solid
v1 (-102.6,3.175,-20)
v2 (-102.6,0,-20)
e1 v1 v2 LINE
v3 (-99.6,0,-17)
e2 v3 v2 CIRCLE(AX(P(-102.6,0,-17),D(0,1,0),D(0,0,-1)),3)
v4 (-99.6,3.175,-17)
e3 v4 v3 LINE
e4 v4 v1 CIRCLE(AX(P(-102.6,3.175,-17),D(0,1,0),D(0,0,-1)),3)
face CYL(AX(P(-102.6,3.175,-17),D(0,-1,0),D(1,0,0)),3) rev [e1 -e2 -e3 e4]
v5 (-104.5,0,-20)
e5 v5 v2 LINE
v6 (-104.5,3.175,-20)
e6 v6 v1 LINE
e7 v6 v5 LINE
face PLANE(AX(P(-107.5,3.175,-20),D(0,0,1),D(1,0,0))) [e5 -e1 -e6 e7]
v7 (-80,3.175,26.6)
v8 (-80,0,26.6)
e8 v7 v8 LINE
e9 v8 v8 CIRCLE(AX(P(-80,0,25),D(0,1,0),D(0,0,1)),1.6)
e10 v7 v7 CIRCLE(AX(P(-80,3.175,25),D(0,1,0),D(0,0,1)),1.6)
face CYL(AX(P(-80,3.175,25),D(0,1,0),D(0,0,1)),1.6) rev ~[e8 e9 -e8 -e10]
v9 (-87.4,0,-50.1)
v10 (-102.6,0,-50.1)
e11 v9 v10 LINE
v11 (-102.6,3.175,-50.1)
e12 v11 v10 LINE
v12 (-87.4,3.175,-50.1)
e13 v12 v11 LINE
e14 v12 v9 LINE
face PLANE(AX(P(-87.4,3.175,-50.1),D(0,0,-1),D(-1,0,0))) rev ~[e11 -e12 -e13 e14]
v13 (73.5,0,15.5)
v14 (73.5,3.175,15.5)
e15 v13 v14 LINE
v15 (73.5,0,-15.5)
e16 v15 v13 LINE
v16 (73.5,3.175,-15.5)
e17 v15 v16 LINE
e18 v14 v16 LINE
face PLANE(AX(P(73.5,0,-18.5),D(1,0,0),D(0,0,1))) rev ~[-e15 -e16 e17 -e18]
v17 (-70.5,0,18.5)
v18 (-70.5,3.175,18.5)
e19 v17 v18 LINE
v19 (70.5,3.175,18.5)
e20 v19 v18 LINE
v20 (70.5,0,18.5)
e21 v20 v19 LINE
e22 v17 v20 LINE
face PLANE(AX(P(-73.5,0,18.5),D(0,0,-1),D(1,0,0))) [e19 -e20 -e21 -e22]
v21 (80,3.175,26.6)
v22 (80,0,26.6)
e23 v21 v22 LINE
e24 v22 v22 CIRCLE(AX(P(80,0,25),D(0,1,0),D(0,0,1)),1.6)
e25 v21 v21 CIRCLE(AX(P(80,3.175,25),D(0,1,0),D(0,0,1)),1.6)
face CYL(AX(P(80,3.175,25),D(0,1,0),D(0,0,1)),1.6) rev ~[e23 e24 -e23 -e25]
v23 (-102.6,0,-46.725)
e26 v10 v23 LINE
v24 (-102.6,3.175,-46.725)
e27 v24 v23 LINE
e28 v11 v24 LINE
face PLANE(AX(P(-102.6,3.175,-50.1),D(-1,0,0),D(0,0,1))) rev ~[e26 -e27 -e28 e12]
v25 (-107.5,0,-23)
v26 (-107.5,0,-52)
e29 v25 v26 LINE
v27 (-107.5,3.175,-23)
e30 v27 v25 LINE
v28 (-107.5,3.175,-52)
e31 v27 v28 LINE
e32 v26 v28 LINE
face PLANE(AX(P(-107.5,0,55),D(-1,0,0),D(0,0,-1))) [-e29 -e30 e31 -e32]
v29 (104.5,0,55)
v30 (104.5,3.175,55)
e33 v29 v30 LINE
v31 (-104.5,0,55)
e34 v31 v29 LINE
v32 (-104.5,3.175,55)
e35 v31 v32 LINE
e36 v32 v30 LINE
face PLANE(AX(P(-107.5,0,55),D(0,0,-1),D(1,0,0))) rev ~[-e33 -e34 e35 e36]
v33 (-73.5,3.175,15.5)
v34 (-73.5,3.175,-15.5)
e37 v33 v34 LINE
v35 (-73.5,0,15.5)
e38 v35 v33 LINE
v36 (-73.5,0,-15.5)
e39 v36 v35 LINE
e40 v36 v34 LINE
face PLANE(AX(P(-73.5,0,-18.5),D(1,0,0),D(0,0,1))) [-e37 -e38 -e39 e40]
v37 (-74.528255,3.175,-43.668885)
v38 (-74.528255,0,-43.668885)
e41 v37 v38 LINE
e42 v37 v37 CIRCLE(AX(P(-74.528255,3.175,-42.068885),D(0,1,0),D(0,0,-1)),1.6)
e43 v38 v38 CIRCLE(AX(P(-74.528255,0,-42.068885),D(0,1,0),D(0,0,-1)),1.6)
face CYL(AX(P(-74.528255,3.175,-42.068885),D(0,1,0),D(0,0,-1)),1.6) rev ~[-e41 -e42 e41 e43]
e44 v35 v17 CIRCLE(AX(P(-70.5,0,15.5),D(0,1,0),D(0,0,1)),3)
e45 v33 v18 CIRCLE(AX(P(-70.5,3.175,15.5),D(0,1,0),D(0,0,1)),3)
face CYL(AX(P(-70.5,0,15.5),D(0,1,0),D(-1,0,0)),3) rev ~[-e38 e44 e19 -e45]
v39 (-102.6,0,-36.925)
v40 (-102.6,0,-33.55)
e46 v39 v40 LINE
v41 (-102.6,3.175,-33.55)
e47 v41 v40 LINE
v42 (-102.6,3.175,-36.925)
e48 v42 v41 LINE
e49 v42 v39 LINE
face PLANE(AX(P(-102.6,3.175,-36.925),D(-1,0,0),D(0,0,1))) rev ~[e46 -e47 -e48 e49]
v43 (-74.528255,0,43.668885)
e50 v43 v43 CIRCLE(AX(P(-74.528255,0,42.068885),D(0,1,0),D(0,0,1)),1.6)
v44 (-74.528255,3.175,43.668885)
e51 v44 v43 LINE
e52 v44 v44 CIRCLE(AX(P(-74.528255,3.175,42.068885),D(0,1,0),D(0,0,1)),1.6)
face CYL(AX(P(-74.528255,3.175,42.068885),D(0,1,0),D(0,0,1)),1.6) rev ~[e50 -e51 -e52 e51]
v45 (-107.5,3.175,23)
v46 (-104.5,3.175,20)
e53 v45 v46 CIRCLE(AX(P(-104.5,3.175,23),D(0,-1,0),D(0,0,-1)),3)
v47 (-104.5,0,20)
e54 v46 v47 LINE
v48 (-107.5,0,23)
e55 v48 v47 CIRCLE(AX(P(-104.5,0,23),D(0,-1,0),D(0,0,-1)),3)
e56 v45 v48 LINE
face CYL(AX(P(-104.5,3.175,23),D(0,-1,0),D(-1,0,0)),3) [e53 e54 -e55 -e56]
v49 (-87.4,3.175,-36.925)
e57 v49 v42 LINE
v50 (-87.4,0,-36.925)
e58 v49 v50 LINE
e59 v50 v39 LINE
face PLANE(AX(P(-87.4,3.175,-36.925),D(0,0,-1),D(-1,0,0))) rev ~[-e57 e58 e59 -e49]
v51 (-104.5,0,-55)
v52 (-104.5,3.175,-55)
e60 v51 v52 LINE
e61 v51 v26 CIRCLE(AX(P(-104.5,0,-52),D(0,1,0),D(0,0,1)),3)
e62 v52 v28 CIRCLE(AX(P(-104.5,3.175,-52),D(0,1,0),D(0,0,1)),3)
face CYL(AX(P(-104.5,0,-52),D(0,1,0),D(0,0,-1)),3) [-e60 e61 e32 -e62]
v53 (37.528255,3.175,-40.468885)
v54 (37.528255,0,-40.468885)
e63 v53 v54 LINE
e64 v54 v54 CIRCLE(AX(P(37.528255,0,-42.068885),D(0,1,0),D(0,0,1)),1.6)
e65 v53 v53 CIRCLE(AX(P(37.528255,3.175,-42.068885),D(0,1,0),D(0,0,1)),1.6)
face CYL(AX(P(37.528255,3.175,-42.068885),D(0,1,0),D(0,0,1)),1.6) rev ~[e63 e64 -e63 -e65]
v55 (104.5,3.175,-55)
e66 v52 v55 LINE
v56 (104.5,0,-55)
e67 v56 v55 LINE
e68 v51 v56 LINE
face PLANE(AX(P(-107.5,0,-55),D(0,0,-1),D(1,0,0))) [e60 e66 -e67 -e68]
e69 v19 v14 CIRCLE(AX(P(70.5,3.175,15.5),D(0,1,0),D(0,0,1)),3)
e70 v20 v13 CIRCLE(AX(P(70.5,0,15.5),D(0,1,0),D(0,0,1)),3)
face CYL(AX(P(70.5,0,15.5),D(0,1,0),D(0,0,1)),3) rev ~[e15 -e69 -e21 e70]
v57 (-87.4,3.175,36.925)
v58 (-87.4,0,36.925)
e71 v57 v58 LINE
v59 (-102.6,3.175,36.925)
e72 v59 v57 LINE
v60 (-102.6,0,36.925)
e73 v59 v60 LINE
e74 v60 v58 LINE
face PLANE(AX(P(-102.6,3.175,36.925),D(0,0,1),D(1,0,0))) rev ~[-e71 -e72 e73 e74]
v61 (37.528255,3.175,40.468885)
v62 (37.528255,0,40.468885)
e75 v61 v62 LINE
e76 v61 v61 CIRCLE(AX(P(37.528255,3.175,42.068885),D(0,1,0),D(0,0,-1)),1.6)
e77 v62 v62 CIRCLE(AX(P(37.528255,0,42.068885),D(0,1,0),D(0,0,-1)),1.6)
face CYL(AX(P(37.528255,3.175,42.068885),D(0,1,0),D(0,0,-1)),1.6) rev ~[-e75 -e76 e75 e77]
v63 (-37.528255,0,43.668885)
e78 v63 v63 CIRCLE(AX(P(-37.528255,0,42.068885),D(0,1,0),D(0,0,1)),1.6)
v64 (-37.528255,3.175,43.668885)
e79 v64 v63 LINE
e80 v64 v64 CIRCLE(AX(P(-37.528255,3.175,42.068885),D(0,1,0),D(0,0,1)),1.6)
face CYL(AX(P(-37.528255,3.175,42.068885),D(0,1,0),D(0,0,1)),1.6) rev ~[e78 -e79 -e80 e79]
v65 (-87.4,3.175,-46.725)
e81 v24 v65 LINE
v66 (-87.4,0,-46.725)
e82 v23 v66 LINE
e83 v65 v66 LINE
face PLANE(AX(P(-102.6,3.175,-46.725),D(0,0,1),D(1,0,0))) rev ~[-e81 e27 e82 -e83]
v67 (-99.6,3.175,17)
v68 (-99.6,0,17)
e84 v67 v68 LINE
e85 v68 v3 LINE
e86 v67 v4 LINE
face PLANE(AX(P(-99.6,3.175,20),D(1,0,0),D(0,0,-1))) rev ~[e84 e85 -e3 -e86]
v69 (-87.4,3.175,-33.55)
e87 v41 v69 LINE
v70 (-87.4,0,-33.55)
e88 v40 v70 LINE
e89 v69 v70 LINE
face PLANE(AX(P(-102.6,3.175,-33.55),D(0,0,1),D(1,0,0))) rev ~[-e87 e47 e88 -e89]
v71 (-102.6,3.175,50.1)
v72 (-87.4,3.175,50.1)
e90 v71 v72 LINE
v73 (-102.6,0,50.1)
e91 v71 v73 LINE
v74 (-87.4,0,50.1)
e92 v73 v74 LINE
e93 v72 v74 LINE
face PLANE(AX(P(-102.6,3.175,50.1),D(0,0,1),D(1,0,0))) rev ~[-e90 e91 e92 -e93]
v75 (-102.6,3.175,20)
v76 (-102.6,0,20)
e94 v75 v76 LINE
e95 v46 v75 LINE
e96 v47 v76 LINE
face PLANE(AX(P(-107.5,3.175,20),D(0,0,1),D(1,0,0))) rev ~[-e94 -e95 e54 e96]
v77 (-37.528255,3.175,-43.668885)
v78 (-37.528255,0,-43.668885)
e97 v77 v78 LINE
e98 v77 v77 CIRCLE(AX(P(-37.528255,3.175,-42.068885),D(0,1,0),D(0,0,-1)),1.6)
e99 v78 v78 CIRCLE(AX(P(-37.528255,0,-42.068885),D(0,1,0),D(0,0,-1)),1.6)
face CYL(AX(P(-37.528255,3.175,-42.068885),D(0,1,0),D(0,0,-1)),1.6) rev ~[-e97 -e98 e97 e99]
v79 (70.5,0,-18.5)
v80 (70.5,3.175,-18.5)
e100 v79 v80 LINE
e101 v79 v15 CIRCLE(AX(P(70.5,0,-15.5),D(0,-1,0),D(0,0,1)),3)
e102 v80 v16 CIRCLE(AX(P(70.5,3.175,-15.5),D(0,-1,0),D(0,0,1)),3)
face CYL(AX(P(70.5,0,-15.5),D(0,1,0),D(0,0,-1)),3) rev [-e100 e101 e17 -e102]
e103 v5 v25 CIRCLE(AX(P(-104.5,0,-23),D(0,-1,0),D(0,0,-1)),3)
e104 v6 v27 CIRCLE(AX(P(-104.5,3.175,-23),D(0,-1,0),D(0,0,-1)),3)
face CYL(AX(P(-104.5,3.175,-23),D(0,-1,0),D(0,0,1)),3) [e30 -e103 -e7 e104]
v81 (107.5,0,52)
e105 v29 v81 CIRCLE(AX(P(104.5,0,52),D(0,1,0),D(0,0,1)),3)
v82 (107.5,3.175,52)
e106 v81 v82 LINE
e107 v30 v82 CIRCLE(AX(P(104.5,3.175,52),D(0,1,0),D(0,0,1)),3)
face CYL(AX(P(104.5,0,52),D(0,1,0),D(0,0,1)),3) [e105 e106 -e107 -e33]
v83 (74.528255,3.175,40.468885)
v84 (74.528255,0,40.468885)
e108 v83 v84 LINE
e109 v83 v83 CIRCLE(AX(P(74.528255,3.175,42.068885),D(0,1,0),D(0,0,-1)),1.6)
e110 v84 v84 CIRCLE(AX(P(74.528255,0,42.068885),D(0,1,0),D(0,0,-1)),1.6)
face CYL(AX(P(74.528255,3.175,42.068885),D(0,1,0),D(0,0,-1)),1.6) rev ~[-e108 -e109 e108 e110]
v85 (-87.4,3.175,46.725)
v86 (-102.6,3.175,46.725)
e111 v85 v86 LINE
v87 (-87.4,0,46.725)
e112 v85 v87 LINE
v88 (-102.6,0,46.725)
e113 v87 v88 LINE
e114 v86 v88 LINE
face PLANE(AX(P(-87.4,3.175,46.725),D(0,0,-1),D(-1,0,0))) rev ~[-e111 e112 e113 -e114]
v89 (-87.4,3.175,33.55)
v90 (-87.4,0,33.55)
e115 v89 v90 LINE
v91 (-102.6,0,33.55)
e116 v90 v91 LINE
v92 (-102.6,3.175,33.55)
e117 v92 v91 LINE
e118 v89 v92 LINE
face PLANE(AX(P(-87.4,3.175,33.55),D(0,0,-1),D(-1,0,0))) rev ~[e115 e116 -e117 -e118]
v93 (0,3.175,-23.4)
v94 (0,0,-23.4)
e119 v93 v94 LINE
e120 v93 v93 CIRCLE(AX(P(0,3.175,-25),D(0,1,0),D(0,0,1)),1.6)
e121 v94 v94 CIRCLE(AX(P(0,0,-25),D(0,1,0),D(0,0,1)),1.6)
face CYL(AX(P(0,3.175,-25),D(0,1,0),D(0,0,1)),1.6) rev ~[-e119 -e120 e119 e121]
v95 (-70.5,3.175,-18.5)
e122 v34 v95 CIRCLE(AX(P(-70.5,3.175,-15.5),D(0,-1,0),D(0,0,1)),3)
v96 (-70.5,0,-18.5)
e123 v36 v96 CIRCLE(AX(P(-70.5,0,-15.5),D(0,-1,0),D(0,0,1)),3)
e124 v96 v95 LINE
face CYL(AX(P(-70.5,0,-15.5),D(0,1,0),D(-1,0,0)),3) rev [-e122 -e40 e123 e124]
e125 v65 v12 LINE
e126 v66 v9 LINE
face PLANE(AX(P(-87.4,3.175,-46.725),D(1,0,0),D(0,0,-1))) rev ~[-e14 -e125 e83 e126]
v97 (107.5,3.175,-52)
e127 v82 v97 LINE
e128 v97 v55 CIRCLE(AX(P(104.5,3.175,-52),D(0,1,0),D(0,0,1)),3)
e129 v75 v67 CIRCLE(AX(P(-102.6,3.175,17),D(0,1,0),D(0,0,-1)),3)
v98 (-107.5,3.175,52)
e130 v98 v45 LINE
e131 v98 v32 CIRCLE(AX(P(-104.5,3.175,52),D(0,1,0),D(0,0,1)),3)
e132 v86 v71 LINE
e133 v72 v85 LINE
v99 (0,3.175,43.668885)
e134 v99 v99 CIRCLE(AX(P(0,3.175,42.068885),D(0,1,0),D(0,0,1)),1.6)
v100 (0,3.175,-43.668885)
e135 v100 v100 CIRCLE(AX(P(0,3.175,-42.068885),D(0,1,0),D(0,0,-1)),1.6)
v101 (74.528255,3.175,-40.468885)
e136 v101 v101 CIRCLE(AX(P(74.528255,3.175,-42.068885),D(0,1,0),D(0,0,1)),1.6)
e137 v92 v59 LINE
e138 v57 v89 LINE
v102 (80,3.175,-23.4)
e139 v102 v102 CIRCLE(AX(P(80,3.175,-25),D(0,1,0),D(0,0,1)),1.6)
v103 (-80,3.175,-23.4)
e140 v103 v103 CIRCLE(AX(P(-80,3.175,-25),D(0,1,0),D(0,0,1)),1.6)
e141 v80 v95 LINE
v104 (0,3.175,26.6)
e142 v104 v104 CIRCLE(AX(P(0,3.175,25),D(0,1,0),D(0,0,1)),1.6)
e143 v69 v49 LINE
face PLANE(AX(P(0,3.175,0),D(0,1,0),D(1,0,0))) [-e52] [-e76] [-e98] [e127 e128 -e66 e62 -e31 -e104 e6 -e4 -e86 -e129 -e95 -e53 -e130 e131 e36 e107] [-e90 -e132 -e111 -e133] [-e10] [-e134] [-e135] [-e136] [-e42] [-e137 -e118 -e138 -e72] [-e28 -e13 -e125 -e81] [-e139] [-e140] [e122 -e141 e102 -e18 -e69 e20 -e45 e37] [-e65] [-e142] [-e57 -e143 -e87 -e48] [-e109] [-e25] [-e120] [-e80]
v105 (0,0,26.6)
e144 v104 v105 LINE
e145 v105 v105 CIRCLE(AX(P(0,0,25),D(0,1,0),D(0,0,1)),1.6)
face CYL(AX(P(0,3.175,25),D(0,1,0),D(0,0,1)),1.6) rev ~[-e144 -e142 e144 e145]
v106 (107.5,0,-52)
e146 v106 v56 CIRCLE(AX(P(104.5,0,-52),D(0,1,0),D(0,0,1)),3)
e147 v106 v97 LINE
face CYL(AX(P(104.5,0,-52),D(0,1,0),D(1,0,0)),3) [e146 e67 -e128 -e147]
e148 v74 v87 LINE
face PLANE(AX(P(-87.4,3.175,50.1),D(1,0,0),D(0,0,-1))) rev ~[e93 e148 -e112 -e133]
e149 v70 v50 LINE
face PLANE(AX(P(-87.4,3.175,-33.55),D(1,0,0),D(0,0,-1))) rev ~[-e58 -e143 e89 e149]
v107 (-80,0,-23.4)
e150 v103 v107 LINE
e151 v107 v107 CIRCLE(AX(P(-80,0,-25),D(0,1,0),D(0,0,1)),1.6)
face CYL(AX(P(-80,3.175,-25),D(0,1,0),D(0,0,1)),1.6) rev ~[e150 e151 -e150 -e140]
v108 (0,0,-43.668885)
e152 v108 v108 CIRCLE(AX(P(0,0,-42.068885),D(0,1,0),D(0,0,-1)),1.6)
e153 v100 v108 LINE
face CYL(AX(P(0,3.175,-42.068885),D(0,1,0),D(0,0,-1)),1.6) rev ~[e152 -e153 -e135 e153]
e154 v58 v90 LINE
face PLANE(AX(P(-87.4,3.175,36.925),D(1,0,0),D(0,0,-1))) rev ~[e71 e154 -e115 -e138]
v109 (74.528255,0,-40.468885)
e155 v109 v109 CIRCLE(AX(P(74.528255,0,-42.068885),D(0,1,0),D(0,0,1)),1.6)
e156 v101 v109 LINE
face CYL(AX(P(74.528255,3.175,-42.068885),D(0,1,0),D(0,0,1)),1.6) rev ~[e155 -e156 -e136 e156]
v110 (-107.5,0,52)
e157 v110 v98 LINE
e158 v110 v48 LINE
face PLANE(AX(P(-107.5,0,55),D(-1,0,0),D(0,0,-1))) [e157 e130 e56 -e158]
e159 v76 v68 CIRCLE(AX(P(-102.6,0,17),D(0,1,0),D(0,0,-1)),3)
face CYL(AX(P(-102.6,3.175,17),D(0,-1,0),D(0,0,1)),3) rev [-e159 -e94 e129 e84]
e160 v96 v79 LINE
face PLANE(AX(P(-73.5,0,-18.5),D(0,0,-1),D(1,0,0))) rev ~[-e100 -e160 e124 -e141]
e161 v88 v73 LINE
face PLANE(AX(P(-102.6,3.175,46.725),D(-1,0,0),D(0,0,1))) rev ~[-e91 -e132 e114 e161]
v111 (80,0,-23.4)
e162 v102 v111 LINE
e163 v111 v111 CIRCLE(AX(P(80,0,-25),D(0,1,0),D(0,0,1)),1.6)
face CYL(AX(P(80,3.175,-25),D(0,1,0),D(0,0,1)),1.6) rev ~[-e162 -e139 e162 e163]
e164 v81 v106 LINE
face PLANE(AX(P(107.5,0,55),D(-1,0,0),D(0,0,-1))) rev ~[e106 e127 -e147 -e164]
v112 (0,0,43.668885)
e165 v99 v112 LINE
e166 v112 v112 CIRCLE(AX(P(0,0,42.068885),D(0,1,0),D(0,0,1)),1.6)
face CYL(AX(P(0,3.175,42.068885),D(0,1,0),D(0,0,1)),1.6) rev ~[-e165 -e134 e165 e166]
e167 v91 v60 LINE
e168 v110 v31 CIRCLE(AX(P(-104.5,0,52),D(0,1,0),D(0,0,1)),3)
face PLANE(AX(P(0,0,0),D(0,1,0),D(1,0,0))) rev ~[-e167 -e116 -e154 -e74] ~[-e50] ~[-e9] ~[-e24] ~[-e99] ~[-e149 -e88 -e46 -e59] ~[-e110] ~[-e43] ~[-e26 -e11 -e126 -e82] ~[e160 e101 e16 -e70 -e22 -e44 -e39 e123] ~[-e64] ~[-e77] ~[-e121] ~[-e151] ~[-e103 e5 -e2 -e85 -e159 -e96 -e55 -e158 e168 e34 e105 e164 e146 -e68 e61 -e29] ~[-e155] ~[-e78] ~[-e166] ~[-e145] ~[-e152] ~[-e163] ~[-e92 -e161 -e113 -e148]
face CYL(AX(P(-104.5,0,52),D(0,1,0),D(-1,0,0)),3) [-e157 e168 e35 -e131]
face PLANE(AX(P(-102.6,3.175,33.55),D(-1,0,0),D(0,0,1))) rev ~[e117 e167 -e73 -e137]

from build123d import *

# Parameters (mm, degrees)
SKETCH1_W           = 215
SKETCH1_H           = 110
BOSS_EXTRUDE1_DEPTH = 3.175
SKETCH2_W           = 147
SKETCH2_H           = 37
CUT_EXTRUDE1_DEPTH  = 121.79458028
SKETCH3_W           = 7.9
SKETCH3_H           = 40
CUT_EXTRUDE2_DEPTH  = 121.79458028
SKETCH5_R           = 1.6
CUT_EXTRUDE4_DEPTH  = 121.79458028
SKETCH6_R           = 1.6
CUT_EXTRUDE5_DEPTH  = 121.79458028
CUT_EXTRUDE6_DEPTH  = 121.79458028
FILLET1_R           = 3


with BuildPart() as part:
    # Sketch1 → Boss-Extrude1 (new body)
    with BuildSketch(Plane(origin=(0, 0, 0), x_dir=(1, 0, 0), z_dir=(0, 1, 0))):
        Rectangle(SKETCH1_W, SKETCH1_H)
    extrude(amount=BOSS_EXTRUDE1_DEPTH)

    # Sketch2 → Cut-Extrude1 (cut, through all)
    with BuildSketch(Plane.XZ):
        Rectangle(SKETCH2_W, SKETCH2_H)
    extrude(amount=-CUT_EXTRUDE1_DEPTH, mode=Mode.SUBTRACT)

    # Sketch3 → Cut-Extrude2 (cut, through all)
    with BuildSketch(Plane(origin=(0, 3.175, 0), x_dir=(1, 0, 0), z_dir=(0, 1, 0))):
        with Locations((-103.55, 0)):
            Rectangle(SKETCH3_W, SKETCH3_H)
    extrude(amount=-CUT_EXTRUDE2_DEPTH, mode=Mode.SUBTRACT)

    # Sketch5 → Cut-Extrude4 (cut, through all)
    with BuildSketch(Plane(origin=(0, 3.175, 0), x_dir=(1, 0, 0), z_dir=(0, 1, 0))):
        with Locations(Location((80, 25, 0), (0, 0, 270))):
            Circle(SKETCH5_R)
        with Locations(Location((80, -25, 0), (0, 0, 270))):
            Circle(SKETCH5_R)
        with Locations(Location((0, 25, 0), (0, 0, 270))):
            Circle(SKETCH5_R)
        with Locations(Location((0, -25, 0), (0, 0, 270))):
            Circle(SKETCH5_R)
        with Locations(Location((-80, 25, 0), (0, 0, 270))):
            Circle(SKETCH5_R)
        with Locations(Location((-80, -25, 0), (0, 0, 270))):
            Circle(SKETCH5_R)
    extrude(amount=-CUT_EXTRUDE4_DEPTH, mode=Mode.SUBTRACT)

    # Sketch6 → Cut-Extrude5 (cut, through all)
    with BuildSketch(Plane(origin=(0, 3.175, 0), x_dir=(1, 0, 0), z_dir=(0, 1, 0))):
        with Locations(Location((-74.528255169, -42.068885296, 0), (0, 0, 270))):
            Circle(SKETCH6_R)
        with Locations(Location((-37.528255169, -42.068885296, 0), (0, 0, 270))):
            Circle(SKETCH6_R)
        with Locations(Location((0, -42.068885296, 0), (0, 0, 270))):
            Circle(SKETCH6_R)
        with Locations(Location((37.528255169, -42.068885296, 0), (0, 0, 90))):
            Circle(SKETCH6_R)
        with Locations(Location((74.528255169, -42.068885296, 0), (0, 0, 90))):
            Circle(SKETCH6_R)
        with Locations(Location((74.528255169, 42.068885296, 0), (0, 0, 270))):
            Circle(SKETCH6_R)
        with Locations(Location((37.528255169, 42.068885296, 0), (0, 0, 270))):
            Circle(SKETCH6_R)
        with Locations(Location((0, 42.068885296, 0), (0, 0, 90))):
            Circle(SKETCH6_R)
        with Locations(Location((-37.528255169, 42.068885296, 0), (0, 0, 90))):
            Circle(SKETCH6_R)
        with Locations(Location((-74.528255169, 42.068885296, 0), (0, 0, 90))):
            Circle(SKETCH6_R)
    extrude(amount=-CUT_EXTRUDE5_DEPTH, mode=Mode.SUBTRACT)

    # Sketch7 → Cut-Extrude6 (cut, through all)
    with BuildSketch(Plane(origin=(0, 3.175, 0), x_dir=(1, 0, 0), z_dir=(0, 1, 0))):
        Polygon((-88.5, 46.725), (-87.4, 46.725), (-87.4, 50.1), (-88.5, 50.1), (-101.5, 50.1), (-102.6, 50.1), (-102.6, 46.725), (-101.5, 46.725), align=None)
        Polygon((-102.6, 33.55), (-101.5, 33.55), (-88.5, 33.55), (-87.4, 33.55), (-87.4, 36.925), (-88.5, 36.925), (-101.5, 36.925), (-102.6, 36.925), align=None)
        Polygon((-88.5, -36.925), (-87.4, -36.925), (-87.4, -33.55), (-88.5, -33.55), (-101.5, -33.55), (-102.6, -33.55), (-102.6, -36.925), (-101.5, -36.925), align=None)
        Polygon((-102.6, -50.1), (-101.5, -50.1), (-88.5, -50.1), (-87.4, -50.1), (-87.4, -46.725), (-88.5, -46.725), (-101.5, -46.725), (-102.6, -46.725), align=None)
    extrude(amount=-CUT_EXTRUDE6_DEPTH, mode=Mode.SUBTRACT)

    # Fillet1
    fillet1_edges = [part.edges().sort_by_distance(p)[0] for p in [
        (-73.5, 1.5875, -18.5),
        (-73.5, 1.5875, 18.5),
        (73.5, 1.5875, 18.5),
        (73.5, 1.5875, -18.5),
        (-99.6, 1.5875, -20),
        (-99.6, 1.5875, 20),
        (-107.5, 1.5875, 20),
        (-107.5, 1.5875, -20),
        (-107.5, 1.5875, -55),
        (107.5, 1.5875, -55),
        (107.5, 1.5875, 55),
        (-107.5, 1.5875, 55),
    ]]
    fillet(fillet1_edges, radius=FILLET1_R)


solid = part.part
